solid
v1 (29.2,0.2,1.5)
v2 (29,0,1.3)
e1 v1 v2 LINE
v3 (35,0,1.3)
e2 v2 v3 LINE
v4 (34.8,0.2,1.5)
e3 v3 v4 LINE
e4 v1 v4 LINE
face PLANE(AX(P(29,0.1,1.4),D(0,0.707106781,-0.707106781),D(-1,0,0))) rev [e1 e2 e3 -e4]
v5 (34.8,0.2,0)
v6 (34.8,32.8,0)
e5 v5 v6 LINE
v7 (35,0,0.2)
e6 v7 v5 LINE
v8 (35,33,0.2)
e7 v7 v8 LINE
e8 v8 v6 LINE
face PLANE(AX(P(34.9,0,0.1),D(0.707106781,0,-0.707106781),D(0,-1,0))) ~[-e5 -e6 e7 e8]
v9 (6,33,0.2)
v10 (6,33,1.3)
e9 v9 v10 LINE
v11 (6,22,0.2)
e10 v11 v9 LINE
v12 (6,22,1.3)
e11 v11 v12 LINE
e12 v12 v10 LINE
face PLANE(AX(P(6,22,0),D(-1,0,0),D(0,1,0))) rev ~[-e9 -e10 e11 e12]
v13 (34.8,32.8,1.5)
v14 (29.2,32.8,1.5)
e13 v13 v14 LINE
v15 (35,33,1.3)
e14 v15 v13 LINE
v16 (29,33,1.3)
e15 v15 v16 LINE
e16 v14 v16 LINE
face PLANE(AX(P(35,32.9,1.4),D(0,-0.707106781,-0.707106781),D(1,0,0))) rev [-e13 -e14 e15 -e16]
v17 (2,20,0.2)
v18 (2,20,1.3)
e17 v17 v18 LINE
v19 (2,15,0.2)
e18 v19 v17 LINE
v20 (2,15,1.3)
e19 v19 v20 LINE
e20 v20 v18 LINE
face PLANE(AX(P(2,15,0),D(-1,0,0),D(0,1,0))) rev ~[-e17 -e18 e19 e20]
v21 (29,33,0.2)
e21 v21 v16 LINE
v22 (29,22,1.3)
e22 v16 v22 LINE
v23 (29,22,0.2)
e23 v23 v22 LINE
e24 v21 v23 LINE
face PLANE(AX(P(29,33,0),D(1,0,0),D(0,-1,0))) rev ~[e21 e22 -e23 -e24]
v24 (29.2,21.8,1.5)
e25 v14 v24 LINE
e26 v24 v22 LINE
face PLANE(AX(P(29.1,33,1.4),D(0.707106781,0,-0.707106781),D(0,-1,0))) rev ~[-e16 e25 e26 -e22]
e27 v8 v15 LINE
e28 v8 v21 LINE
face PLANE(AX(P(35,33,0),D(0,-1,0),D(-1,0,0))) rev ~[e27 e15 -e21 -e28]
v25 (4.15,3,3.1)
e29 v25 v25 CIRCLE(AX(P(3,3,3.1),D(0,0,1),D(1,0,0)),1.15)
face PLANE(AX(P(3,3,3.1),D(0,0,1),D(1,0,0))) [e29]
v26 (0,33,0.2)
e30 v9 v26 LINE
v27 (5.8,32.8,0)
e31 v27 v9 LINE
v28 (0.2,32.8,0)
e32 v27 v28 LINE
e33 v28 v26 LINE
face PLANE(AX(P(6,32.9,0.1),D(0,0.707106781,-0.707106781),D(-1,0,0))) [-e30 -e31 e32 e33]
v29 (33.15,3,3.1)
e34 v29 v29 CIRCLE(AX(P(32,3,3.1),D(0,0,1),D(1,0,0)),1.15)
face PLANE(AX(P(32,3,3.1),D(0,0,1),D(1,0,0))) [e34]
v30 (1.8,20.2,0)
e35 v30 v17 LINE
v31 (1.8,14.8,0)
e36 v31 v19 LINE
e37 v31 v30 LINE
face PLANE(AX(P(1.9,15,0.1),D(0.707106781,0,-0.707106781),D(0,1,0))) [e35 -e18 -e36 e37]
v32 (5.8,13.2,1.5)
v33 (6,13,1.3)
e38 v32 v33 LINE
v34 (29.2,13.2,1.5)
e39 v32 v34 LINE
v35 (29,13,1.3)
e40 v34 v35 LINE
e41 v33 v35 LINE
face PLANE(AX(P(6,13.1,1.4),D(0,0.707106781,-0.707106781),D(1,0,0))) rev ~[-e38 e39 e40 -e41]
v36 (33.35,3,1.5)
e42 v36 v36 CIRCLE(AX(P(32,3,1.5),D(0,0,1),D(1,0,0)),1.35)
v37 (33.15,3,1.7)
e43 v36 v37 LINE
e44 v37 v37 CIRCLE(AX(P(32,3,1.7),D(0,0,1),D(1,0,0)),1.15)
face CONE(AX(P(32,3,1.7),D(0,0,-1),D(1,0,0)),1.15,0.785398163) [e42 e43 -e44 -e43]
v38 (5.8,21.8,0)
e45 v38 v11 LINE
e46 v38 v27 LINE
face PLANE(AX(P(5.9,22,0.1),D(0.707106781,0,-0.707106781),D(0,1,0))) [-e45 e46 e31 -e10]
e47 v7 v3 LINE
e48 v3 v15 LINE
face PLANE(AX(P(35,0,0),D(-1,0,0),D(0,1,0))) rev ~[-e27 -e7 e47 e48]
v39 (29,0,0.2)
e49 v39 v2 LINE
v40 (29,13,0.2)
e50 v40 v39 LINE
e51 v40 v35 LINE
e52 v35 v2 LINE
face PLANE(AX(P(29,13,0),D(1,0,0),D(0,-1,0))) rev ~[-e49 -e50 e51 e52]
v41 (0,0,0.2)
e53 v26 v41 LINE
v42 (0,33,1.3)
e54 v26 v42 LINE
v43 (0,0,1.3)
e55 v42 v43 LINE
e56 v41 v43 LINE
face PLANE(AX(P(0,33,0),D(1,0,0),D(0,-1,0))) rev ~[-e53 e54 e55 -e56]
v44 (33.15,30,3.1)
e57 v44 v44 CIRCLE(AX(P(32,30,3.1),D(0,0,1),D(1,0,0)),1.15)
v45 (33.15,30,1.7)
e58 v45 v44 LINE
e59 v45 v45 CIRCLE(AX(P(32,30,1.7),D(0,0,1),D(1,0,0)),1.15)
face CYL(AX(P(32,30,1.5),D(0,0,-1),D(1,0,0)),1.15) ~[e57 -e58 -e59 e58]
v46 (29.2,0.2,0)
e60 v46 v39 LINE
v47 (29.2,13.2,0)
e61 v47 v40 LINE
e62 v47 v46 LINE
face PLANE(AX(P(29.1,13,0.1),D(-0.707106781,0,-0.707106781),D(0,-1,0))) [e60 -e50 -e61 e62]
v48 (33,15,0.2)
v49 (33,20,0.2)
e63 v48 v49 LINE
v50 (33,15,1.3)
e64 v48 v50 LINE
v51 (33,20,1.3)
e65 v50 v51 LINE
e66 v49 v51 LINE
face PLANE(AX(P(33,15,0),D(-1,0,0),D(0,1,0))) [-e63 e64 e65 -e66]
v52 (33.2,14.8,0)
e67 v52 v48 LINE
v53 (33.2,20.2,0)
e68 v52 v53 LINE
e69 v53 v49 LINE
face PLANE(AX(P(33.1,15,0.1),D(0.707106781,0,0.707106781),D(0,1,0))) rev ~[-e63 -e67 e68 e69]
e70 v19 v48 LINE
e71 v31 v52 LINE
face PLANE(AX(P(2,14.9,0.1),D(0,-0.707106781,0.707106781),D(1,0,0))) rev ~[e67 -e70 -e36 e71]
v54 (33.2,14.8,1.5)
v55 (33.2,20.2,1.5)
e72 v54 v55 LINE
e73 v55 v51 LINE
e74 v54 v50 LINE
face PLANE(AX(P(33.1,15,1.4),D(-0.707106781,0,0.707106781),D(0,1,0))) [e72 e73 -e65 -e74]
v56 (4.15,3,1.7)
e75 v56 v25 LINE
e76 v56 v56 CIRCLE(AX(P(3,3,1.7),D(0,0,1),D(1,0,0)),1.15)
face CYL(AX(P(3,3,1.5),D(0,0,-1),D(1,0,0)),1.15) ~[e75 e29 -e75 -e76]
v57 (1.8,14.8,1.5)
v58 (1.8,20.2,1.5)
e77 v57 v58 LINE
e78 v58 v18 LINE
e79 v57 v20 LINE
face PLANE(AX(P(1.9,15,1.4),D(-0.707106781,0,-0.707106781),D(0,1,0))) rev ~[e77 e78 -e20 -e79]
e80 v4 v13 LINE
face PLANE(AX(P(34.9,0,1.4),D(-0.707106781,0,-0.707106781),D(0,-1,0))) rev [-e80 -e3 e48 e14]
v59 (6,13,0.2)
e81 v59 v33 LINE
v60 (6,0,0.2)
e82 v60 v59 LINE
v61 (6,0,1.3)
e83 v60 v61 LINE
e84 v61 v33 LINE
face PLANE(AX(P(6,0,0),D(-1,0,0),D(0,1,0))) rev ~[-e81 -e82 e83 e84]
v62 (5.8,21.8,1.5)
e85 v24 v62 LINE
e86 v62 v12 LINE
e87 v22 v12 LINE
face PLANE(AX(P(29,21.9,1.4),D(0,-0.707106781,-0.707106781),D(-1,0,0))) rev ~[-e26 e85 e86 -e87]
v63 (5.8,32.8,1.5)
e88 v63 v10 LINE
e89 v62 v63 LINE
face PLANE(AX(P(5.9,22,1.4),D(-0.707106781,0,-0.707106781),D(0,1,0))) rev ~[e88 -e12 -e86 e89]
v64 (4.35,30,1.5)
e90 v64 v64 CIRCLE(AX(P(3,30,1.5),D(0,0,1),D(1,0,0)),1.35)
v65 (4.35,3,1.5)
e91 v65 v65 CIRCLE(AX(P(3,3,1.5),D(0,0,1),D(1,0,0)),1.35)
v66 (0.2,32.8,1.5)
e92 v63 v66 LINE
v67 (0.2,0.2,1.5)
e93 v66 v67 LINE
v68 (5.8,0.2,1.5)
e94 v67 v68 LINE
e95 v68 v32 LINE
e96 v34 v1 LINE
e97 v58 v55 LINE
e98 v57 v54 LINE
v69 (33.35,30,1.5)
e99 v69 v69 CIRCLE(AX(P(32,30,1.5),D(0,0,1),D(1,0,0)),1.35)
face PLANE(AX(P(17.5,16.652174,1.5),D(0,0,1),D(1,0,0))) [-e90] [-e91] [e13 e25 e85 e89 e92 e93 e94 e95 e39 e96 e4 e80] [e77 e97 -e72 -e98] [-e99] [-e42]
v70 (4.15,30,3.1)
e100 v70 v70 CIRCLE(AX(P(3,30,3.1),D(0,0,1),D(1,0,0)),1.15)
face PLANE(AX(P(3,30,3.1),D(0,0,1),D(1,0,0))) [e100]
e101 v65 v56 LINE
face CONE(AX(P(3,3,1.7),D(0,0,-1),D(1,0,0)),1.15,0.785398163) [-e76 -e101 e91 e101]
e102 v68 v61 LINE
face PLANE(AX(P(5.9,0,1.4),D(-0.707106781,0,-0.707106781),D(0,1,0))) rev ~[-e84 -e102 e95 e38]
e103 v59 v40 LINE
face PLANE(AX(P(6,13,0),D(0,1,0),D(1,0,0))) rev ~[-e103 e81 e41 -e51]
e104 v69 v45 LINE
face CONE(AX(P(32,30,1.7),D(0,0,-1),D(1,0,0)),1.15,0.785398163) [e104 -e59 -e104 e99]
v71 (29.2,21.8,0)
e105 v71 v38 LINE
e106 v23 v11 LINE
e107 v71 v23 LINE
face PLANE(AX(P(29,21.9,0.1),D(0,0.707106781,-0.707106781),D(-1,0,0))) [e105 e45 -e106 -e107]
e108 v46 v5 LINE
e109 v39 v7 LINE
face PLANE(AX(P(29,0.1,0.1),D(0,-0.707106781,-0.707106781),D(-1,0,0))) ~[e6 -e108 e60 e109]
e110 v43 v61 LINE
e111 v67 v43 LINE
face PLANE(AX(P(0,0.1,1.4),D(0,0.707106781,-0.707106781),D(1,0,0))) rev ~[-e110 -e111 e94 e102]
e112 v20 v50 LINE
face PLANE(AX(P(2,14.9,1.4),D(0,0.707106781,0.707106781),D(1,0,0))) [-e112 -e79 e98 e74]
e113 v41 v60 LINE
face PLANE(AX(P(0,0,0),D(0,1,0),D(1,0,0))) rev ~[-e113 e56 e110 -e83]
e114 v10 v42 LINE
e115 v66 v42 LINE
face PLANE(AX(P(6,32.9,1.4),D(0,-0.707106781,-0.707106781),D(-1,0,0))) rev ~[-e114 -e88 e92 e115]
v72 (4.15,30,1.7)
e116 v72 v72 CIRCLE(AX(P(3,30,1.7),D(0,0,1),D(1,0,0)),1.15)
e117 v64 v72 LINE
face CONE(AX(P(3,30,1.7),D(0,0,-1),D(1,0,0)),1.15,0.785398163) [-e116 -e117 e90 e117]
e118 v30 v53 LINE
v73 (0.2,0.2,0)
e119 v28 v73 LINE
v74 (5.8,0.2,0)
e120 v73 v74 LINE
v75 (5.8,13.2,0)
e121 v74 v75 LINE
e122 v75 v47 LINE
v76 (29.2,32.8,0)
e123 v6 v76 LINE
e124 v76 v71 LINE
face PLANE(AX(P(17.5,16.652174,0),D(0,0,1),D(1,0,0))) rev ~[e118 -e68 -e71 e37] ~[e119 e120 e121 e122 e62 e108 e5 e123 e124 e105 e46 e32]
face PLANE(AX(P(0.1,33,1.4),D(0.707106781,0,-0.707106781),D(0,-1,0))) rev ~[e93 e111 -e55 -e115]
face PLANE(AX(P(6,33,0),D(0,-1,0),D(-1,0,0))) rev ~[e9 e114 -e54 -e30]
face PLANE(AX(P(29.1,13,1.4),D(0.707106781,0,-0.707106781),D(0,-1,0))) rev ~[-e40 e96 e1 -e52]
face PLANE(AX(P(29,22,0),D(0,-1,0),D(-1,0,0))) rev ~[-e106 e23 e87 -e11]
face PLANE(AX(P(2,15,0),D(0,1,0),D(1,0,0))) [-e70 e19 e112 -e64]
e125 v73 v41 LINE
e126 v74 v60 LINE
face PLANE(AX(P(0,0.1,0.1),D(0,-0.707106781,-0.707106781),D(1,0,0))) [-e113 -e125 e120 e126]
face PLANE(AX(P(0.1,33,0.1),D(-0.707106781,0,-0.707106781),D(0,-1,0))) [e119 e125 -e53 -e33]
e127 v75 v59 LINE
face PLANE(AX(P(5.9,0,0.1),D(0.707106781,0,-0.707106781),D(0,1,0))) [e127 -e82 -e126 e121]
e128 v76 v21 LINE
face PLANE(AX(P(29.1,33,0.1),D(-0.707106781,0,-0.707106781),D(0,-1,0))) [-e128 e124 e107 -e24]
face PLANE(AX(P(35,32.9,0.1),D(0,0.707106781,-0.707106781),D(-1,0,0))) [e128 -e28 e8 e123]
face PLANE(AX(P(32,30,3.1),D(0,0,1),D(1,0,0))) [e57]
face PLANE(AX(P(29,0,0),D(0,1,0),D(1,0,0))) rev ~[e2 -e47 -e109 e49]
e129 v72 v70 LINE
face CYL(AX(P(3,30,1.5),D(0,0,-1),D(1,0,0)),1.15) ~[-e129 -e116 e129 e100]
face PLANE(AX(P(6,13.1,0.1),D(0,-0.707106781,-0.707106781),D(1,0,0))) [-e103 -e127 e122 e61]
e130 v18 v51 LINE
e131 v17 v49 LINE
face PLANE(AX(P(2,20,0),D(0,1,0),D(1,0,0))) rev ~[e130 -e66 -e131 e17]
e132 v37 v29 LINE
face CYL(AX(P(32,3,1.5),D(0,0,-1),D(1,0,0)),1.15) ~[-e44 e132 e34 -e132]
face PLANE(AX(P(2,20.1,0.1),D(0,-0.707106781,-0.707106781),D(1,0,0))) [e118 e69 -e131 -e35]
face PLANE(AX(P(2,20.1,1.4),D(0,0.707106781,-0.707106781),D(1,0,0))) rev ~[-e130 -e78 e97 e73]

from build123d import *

# Parameters (mm, degrees)
SKETCH_W        = 31
SKETCH_H        = 5
PAD_DEPTH       = 1.5
SKETCH001_R     = 1.15
PAD001_DEPTH    = 1.6
CHAMFER_SIZE    = 0.2
CHAMFER001_SIZE = 0.2


with BuildPart() as part:
    # Sketch → Pad (new body)
    with BuildSketch(Plane.XY):
        Polygon((35, 0), (35, 33), (29, 33), (29, 22), (6, 22), (6, 33), (0, 33), (0, 0), (6, 0), (6, 13), (29, 13), (29, 0), align=None)
        with Locations((17.5, 17.5)):
            Rectangle(SKETCH_W, SKETCH_H, mode=Mode.SUBTRACT)
    extrude(amount=PAD_DEPTH)

    # Sketch001 → Pad001 (new body)
    with BuildSketch(Plane.XY.offset(1.5)):
        with Locations((3, 30)):
            Circle(SKETCH001_R)
        with Locations((32, 30)):
            Circle(SKETCH001_R)
        with Locations((32, 3)):
            Circle(SKETCH001_R)
        with Locations((3, 3)):
            Circle(SKETCH001_R)
    extrude(amount=PAD001_DEPTH)

    # Chamfer
    chamfer_edges = [part.edges().sort_by_distance(p)[0] for p in [
        (0, 16.5, 1.5),
        (3, 33, 1.5),
        (3, 0, 1.5),
        (6, 27.5, 1.5),
        (6, 6.5, 1.5),
        (17.5, 22, 1.5),
        (17.5, 13, 1.5),
        (29, 27.5, 1.5),
        (29, 6.5, 1.5),
        (32, 33, 1.5),
        (32, 0, 1.5),
        (35, 16.5, 1.5),
        (1.85, 3, 1.5),
        (30.85, 3, 1.5),
        (1.85, 30, 1.5),
        (30.85, 30, 1.5),
        (2, 17.5, 1.5),
        (17.5, 20, 1.5),
        (17.5, 15, 1.5),
        (33, 17.5, 1.5),
    ]]
    chamfer(chamfer_edges, length=CHAMFER_SIZE)

    # Chamfer001
    chamfer001_edges = [part.edges().sort_by_distance(p)[0] for p in [
        (0, 16.5, 0),
        (3, 0, 0),
        (6, 6.5, 0),
        (17.5, 13, 0),
        (29, 6.5, 0),
        (32, 0, 0),
        (35, 16.5, 0),
        (32, 33, 0),
        (29, 27.5, 0),
        (17.5, 22, 0),
        (6, 27.5, 0),
        (3, 33, 0),
        (2, 17.5, 0),
        (17.5, 20, 0),
        (33, 17.5, 0),
        (17.5, 15, 0),
    ]]
    chamfer(chamfer001_edges, length=CHAMFER001_SIZE)


solid = part.part
